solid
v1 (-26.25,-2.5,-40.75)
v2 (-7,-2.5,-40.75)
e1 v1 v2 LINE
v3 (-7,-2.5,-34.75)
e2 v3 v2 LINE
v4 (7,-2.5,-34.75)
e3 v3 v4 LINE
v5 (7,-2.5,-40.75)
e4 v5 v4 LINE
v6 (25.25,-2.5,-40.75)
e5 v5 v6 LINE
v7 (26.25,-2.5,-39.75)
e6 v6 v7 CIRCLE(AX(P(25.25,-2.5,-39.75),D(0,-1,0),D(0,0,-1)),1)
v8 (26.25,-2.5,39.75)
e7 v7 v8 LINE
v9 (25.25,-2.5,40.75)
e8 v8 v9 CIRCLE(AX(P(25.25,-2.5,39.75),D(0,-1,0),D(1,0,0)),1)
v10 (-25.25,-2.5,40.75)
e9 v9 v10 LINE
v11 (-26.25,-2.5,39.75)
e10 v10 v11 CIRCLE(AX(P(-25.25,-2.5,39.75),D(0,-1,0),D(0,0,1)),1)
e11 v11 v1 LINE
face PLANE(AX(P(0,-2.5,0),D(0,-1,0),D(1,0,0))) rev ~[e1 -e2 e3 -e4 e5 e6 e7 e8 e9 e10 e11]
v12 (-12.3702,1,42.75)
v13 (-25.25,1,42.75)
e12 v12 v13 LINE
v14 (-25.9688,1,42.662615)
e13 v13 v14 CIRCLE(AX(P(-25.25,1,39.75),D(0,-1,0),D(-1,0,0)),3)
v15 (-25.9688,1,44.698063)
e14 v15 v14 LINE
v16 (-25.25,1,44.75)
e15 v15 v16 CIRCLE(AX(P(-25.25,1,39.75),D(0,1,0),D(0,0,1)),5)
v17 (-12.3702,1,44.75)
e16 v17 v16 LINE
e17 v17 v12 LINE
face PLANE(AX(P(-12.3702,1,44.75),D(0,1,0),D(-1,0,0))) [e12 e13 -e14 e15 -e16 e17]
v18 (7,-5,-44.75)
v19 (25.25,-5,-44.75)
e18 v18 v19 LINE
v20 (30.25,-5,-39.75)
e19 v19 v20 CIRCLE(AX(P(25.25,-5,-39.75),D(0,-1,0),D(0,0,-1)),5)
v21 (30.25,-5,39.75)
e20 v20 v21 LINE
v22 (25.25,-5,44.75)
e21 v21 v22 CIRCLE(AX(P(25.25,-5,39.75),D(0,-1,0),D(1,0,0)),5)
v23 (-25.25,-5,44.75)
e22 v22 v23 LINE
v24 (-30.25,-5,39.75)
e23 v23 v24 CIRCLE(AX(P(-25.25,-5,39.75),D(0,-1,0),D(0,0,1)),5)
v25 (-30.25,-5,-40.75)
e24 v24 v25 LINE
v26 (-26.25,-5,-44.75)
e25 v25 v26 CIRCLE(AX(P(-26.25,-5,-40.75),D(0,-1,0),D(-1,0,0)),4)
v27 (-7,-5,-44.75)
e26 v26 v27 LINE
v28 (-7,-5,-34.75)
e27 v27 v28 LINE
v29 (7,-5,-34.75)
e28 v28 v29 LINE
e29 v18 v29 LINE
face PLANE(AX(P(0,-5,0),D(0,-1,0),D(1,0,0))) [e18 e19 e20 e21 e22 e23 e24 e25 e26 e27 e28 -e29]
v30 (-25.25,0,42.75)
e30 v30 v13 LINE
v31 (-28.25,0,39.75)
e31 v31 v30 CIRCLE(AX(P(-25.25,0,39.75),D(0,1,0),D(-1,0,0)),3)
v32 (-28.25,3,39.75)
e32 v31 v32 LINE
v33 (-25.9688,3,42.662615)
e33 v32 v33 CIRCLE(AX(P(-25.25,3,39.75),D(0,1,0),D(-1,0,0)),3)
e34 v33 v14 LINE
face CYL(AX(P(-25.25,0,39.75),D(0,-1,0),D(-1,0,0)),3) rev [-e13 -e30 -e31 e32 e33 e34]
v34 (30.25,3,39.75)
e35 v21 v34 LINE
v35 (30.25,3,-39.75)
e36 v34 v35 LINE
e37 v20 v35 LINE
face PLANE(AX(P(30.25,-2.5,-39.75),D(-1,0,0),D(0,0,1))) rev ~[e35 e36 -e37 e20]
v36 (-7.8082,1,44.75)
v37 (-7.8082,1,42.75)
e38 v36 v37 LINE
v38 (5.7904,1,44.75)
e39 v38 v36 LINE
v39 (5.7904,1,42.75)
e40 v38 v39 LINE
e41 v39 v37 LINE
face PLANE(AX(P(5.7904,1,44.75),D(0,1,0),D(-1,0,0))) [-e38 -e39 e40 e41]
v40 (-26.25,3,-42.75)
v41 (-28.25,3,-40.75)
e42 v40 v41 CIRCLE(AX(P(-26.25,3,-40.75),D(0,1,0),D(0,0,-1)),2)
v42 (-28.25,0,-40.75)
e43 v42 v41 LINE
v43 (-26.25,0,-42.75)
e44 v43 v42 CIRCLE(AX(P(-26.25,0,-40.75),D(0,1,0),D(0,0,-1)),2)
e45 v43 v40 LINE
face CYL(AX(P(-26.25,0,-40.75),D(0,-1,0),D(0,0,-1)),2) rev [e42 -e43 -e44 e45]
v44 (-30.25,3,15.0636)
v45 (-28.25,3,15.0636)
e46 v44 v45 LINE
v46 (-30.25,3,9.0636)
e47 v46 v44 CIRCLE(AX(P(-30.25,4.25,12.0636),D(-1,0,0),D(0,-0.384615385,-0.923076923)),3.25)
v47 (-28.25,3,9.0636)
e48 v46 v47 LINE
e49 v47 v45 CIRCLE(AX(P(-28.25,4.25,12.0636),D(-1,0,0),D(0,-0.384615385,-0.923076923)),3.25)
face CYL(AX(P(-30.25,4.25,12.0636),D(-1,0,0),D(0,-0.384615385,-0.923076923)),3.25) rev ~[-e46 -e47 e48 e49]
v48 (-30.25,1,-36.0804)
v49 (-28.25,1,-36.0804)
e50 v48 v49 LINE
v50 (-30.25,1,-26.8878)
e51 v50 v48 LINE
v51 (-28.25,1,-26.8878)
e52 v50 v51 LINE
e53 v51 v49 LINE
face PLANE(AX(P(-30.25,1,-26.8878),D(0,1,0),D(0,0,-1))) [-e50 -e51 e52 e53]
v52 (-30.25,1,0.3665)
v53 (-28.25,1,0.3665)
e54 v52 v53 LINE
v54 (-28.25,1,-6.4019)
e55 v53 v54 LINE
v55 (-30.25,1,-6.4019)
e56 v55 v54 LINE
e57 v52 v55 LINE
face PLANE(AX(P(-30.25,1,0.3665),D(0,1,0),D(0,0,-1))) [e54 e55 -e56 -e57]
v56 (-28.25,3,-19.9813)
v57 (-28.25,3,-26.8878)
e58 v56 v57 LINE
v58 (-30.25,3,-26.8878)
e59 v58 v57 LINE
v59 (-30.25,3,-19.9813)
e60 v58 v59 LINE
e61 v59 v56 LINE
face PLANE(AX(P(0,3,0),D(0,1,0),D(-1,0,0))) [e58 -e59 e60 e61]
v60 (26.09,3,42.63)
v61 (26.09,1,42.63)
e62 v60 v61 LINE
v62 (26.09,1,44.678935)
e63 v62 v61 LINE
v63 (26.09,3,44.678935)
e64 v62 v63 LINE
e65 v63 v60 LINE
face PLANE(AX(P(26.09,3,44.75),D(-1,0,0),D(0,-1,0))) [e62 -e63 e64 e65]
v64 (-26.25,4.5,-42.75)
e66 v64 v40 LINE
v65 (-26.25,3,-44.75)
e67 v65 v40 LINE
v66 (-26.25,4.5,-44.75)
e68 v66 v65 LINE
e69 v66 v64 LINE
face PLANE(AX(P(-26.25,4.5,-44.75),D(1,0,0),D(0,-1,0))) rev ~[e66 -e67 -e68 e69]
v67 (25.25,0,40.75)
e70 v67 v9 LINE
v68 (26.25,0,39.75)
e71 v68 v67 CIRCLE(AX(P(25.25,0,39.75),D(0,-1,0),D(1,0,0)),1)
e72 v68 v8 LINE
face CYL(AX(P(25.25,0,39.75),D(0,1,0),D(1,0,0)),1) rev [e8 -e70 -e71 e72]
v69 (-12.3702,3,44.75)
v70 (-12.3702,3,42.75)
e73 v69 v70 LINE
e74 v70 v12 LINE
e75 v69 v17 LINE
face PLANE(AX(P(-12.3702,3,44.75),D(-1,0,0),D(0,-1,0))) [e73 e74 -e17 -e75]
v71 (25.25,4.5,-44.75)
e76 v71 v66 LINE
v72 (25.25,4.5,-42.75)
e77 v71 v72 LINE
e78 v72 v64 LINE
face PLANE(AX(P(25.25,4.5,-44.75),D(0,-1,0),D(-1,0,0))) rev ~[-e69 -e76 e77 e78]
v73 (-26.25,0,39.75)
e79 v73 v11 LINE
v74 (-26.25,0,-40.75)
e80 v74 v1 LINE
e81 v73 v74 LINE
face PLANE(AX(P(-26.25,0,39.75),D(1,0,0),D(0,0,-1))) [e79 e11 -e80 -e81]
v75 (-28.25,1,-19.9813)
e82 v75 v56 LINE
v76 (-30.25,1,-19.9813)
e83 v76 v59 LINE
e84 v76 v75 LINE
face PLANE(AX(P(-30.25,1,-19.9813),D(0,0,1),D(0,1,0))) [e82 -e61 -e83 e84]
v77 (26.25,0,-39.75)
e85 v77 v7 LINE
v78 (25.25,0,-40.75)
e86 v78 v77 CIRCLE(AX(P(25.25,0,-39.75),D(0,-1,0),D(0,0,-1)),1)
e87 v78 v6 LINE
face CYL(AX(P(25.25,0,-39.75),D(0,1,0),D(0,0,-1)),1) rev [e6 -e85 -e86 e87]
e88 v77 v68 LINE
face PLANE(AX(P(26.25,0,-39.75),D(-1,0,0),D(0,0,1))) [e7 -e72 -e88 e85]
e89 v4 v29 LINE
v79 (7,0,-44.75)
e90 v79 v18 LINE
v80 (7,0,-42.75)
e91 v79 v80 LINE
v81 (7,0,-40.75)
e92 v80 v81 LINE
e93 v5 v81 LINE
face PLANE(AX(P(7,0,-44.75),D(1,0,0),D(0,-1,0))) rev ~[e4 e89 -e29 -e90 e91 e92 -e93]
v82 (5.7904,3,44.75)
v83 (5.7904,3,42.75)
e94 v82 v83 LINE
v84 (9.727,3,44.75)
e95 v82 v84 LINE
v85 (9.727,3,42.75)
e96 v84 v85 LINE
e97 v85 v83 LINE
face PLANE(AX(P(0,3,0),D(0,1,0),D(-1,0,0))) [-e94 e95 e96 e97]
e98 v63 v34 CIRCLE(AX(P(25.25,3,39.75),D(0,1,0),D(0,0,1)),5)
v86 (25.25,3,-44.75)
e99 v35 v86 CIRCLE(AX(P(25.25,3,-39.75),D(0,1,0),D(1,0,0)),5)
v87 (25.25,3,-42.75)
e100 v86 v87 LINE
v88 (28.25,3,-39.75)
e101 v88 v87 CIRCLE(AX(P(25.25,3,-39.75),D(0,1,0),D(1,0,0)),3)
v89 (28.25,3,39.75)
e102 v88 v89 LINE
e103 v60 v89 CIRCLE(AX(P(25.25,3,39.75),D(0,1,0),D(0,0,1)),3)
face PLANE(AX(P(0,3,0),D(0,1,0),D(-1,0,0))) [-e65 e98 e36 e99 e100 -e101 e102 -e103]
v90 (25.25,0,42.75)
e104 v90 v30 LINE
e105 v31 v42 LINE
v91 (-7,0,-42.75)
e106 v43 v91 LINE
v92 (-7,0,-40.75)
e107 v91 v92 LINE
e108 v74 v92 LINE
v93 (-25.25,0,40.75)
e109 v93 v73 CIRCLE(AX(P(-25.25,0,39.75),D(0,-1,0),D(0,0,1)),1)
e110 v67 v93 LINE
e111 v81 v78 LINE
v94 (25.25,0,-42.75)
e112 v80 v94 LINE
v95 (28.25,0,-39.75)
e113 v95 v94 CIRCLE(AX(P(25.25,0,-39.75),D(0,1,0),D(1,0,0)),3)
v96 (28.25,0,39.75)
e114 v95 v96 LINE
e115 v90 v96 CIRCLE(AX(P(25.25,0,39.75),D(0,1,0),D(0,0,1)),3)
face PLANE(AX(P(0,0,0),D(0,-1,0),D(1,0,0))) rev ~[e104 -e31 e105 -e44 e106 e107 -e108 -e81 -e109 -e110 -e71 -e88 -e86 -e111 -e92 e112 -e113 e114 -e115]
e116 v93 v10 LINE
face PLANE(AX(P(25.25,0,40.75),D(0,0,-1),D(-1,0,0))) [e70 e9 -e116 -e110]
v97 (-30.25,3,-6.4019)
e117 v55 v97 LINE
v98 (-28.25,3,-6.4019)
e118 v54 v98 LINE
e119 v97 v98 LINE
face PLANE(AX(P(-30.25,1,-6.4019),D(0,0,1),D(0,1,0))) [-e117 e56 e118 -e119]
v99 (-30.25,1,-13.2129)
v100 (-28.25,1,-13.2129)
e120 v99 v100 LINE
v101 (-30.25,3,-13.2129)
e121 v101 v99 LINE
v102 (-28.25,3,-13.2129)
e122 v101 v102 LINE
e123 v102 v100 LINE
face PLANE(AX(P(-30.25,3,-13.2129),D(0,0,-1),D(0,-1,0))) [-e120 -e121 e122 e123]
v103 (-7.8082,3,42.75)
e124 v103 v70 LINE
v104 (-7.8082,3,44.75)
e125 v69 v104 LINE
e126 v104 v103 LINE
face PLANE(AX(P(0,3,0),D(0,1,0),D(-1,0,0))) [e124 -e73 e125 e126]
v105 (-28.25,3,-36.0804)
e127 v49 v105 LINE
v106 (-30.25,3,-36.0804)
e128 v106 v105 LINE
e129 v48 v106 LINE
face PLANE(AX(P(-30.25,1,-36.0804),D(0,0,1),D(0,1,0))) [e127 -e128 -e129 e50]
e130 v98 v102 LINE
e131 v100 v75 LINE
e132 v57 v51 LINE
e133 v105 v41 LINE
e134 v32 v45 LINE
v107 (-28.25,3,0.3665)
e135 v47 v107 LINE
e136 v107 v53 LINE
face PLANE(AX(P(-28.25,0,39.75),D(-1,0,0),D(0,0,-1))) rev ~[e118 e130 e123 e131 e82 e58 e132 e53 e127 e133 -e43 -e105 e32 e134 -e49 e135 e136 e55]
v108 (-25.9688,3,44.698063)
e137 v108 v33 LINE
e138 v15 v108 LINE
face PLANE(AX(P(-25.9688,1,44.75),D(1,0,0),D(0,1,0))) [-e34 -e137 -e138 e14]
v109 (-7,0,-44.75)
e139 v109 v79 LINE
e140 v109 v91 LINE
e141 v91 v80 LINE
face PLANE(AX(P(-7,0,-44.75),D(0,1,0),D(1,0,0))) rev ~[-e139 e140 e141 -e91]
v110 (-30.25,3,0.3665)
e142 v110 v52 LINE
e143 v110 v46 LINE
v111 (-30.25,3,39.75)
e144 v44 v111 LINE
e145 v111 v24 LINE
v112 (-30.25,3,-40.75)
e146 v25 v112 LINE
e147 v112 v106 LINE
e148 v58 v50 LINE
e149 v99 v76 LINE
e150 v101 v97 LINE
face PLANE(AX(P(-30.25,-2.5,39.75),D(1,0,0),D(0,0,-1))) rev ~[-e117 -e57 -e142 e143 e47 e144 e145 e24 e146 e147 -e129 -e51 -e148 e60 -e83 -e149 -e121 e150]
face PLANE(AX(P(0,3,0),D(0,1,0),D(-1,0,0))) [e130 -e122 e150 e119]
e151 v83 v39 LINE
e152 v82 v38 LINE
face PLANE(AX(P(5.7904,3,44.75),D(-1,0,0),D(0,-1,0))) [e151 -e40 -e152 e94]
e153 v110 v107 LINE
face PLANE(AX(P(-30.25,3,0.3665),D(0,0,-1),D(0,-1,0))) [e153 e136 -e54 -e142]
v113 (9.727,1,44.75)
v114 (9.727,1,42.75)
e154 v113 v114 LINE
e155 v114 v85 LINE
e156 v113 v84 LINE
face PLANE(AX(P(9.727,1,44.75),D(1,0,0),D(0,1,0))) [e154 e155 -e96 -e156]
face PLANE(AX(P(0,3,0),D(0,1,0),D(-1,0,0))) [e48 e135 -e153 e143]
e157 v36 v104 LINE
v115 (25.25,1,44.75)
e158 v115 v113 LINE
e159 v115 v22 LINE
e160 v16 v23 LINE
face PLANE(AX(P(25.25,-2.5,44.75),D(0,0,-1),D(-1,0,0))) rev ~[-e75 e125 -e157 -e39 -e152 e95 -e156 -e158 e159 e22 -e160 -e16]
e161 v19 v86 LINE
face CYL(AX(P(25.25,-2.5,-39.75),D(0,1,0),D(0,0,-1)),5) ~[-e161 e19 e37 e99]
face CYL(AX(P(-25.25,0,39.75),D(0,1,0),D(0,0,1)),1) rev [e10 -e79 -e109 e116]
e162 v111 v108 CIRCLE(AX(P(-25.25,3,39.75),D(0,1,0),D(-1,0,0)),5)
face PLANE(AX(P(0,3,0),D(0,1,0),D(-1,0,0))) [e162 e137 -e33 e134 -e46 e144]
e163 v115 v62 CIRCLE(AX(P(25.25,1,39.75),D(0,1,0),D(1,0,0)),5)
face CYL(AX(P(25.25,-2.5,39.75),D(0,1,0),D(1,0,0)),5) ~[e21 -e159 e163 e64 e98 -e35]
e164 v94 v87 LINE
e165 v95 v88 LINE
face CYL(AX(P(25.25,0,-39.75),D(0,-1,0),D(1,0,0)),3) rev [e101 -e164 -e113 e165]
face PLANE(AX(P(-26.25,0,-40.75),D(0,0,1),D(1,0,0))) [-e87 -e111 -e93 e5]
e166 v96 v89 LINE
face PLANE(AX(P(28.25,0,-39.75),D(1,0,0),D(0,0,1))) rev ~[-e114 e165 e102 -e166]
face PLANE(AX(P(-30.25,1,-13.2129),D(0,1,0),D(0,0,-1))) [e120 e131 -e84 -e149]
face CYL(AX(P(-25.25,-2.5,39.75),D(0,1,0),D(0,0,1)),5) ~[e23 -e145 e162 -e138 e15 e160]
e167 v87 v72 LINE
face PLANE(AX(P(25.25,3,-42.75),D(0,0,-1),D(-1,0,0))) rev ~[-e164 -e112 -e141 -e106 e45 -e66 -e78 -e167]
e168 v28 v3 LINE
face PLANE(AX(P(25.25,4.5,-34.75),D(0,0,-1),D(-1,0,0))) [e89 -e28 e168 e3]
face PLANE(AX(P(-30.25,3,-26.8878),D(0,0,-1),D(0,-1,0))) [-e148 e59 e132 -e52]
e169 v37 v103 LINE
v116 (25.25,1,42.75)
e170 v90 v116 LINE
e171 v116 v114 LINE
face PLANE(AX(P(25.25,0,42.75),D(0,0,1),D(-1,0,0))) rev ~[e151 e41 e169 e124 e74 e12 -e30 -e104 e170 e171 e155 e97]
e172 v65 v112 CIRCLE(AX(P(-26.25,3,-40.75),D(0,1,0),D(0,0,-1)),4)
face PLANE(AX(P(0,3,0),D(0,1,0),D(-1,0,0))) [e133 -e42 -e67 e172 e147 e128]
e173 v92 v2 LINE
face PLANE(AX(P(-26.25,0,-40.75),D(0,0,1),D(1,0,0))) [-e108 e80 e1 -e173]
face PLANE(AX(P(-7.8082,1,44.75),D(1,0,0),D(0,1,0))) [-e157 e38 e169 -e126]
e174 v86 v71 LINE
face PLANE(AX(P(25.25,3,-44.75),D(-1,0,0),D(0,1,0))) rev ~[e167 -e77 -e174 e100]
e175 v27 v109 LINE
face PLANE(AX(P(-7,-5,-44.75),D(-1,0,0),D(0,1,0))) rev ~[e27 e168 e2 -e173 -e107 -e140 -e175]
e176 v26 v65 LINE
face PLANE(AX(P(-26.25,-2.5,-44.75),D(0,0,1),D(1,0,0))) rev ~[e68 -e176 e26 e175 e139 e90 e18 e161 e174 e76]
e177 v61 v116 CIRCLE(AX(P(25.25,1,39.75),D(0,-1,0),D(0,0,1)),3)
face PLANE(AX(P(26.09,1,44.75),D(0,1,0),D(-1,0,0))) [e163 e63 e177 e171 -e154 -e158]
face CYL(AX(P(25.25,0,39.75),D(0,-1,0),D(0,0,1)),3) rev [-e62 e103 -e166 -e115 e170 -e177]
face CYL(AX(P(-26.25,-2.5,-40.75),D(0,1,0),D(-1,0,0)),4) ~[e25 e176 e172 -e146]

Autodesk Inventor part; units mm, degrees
ref_plane "YZ Plane" through (0, 0, 0) normal (1, 0, 0) x (0, 1, 0)
ref_plane "XZ Plane" through (0, 0, 0) normal (0, 1, 0) x (-1, 0, 0)
ref_plane "XY Plane" through (0, 0, 0) normal (0, 0, 1) x (1, 0, 0)
sketch "Sketch1" plane through (0, 0, 0) normal (0, 1, 0) x (-1, 0, 0)
  line L0 (-25.25, 42.75) -> (25.25, 42.75)
  line L1 (28.25, 39.75) -> (28.25, -40.75)
  line L2 (26.25, -42.75) -> (-25.25, -42.75)
  line L3 (-28.25, -39.75) -> (-28.25, 39.75)
  line L4 (-28.25, 42.75) -> (28.25, -42.75) construction
  line L5 (28.25, 42.75) -> (-28.25, -42.75) construction
  arc A0 (26.25, -42.75) -> (28.25, -40.75) centre (26.25, -40.75) ccw
  arc A1 (-28.25, -39.75) -> (-25.25, -42.75) centre (-25.25, -39.75) ccw
  arc A2 (-25.25, 42.75) -> (-28.25, 39.75) centre (-25.25, 39.75) ccw
  arc A3 (28.25, 39.75) -> (25.25, 42.75) centre (25.25, 39.75) ccw
  line L6 (30.25, -40.75) -> (30.25, 39.75)
  arc A4 (30.25, 39.75) -> (25.25, 44.75) centre (25.25, 39.75) ccw
  line L7 (25.25, 44.75) -> (-25.25, 44.75)
  arc A5 (-25.25, 44.75) -> (-30.25, 39.75) centre (-25.25, 39.75) ccw
  line L8 (-30.25, 39.75) -> (-30.25, -39.75)
  arc A6 (-30.25, -39.75) -> (-25.25, -44.75) centre (-25.25, -39.75) ccw
  line L9 (-25.25, -44.75) -> (26.25, -44.75)
  arc A7 (26.25, -44.75) -> (30.25, -40.75) centre (26.25, -40.75) ccw
  point P0 (0, 0)
  dimension "d0" = 56.5
  dimension "d1" = 85.5
  dimension "d2" = 2
  dimension "d3" = 3
  dimension "d4" = 2
extrude "Extrusion1" add sketch "Sketch1" along normal blind 3
sketch "Sketch2" plane through (0, 0, 0) normal (0, -1, 0) x (1, 0, 0)
  arc A0 (-25.25, 44.75) -> (-30.25, 39.75) centre (-25.25, 39.75) ccw projected
  line L0 (-25.25, 44.75) -> (25.25, 44.75) projected
  arc A1 (30.25, 39.75) -> (25.25, 44.75) centre (25.25, 39.75) ccw projected
  line L1 (30.25, 39.75) -> (30.25, -39.75) projected
  arc A2 (25.25, -44.75) -> (30.25, -39.75) centre (25.25, -39.75) ccw projected
  line L2 (25.25, -44.75) -> (-26.25, -44.75) projected
  arc A3 (-30.25, -40.75) -> (-26.25, -44.75) centre (-26.25, -40.75) ccw projected
  line L3 (-30.25, -40.75) -> (-30.25, 39.75) projected
  line L4 (-26.25, -44.75) -> (25.25, -44.75)
  line L5 (30.25, -39.75) -> (30.25, 39.75)
  line L6 (25.25, 44.75) -> (-25.25, 44.75)
  line L7 (-30.25, 39.75) -> (-30.25, -40.75)
  line L8 (-30, -44.5) -> (30, 44.5) construction
  line L9 (30, -44.5) -> (-30, 44.5) construction
  arc A4 (-25.25, 44.75) -> (-30.25, 39.75) centre (-25.25, 39.75) ccw
  arc A5 (30.25, 39.75) -> (25.25, 44.75) centre (25.25, 39.75) ccw
  arc A6 (25.25, -42.75) -> (28.25, -39.75) centre (25.25, -39.75) ccw projected
  arc A7 (25.25, -44.75) -> (30.25, -39.75) centre (25.25, -39.75) ccw
  arc A8 (-30.25, -40.75) -> (-26.25, -44.75) centre (-26.25, -40.75) ccw
  line L10 (25.25, 40.75) -> (-25.25, 40.75)
  arc A9 (-25.25, 40.75) -> (-26.25, 39.75) centre (-25.25, 39.75) ccw
  line L11 (-26.25, 39.75) -> (-26.25, -40.75)
  line L12 (-26.25, -40.75) -> (25.25, -40.75)
  arc A10 (25.25, -40.75) -> (26.25, -39.75) centre (25.25, -39.75) ccw
  line L13 (26.25, -39.75) -> (26.25, 39.75)
  arc A11 (26.25, 39.75) -> (25.25, 40.75) centre (25.25, 39.75) ccw
  point P0 (0, 0)
  point P1 (-26.25, -40.75)
  dimension "d12" = 4
extrude "Extrusion2" add sketch "Sketch2" along normal blind 2.5
sketch "Sketch3" plane through (25.25, 3, -44.75) normal (0, 0, -1) x (-1, 0, 0)
  line L0 (51.5, -5.5) -> (51.5, 0) projected
  line L1 (51.5, 0) -> (0, 0)
  line L2 (0, 0) -> (0, 1.5)
  line L3 (0, 1.5) -> (51.5, 1.5)
  line L4 (51.5, 1.5) -> (51.5, 0)
  point P0 (25.25, -3)
  dimension "d9" = 1.5
extrude "Extrusion3" add sketch "Sketch3" against normal blind 2
sketch "Sketch4" plane through (0, -2.5, 0) normal (0, -1, 0) x (1, 0, 0)
  line L0 (25.25, 44.75) -> (-25.25, 44.75)
  line L1 (-30.25, 39.75) -> (-30.25, -40.75)
  line L2 (-26.25, -44.75) -> (25.25, -44.75)
  line L3 (30.25, -39.75) -> (30.25, 39.75)
  line L4 (30, 44.5) -> (-30, -44.5) construction
  line L5 (-30, 44.5) -> (30, -44.5) construction
  line L6 (-26.25, -44.75) -> (25.25, -44.75) projected
  line L7 (-30.25, 39.75) -> (-30.25, -40.75) projected
  arc A0 (25.25, -44.75) -> (30.25, -39.75) centre (25.25, -39.75) ccw projected
  arc A1 (-30.25, -40.75) -> (-26.25, -44.75) centre (-26.25, -40.75) ccw projected
  arc A2 (-25.25, 44.75) -> (-30.25, 39.75) centre (-25.25, 39.75) ccw projected
  arc A3 (30.25, 39.75) -> (25.25, 44.75) centre (25.25, 39.75) ccw projected
  arc A4 (25.25, -44.75) -> (30.25, -39.75) centre (25.25, -39.75) ccw
  line L8 (25.25, -40.75) -> (-26.25, -40.75) projected
  arc A5 (-30.25, -40.75) -> (-26.25, -44.75) centre (-26.25, -40.75) ccw
  arc A6 (-25.25, 44.75) -> (-30.25, 39.75) centre (-25.25, 39.75) ccw
  arc A7 (30.25, 39.75) -> (25.25, 44.75) centre (25.25, 39.75) ccw
  line L9 (25.25, 44.75) -> (-25.25, 44.75) projected
  point P0 (0, 0)
  point P1 (-30.25, 39.75)
  point P2 (-30.25, -40.75)
  point P3 (25.25, -44.75)
extrude "Extrusion4" add sketch "Sketch4" along normal blind 2.5
sketch "Sketch5" plane through (25.25, 4.5, -44.75) normal (0, 0, -1) x (-1, 0, 0)
  line L0 (51.5, -9.5) -> (0, -9.5) projected
  line L1 (18.25, -9.5) -> (32.25, -9.5)
  line L2 (32.25, -9.5) -> (32.25, -4.5)
  line L3 (32.25, -4.5) -> (18.25, -4.5)
  line L4 (18.25, -4.5) -> (18.25, -9.5)
  line L5 (18.25, -9.5) -> (32.25, -4.5) construction
  line L6 (32.25, -9.5) -> (18.25, -4.5) construction
  point P0 (25.25, -4.5)
  point P1 (25.25, -7)
  dimension "d16" = 14
  dimension "d17" = 0
  dimension "d18" = 5
extrude "Extrusion5" cut sketch "Sketch5" against normal blind 10
sketch "Sketch6" plane through (-30.25, 3, -40.75) normal (-1, 0, 0) x (0, 0, 1)
  line L0 (1, 0) -> (80.5, 0) projected
  line L1 (4.6696, 0) -> (13.8622, 0)
  line L2 (13.8622, 0) -> (13.8622, -2)
  line L3 (13.8622, -2) -> (4.6696, -2)
  line L4 (4.6696, -2) -> (4.6696, 0)
  line L5 (20.7687, 0) -> (27.5371, 0)
  line L6 (27.5371, 0) -> (27.5371, -2)
  line L7 (27.5371, -2) -> (20.7687, -2)
  line L8 (20.7687, -2) -> (20.7687, 0)
  line L9 (34.3481, 0) -> (41.1165, 0)
  line L10 (41.1165, 0) -> (41.1165, -2)
  line L11 (41.1165, -2) -> (34.3481, -2)
  line L12 (34.3481, -2) -> (34.3481, 0)
  arc A0 (49.8136, 0) -> (55.8136, 0) centre (52.8136, 1.25) ccw
  line L13 (-2, 1.5) -> (-2, 0) projected
  line L14 (80.5, -8) -> (0, -8) projected
  line L15 (49.8136, 0) -> (55.8136, 0)
  point P0 (40.75, -3)
  dimension "d21" = 6.6696
  dimension "d22" = 9.1926
  dimension "d23" = 22.7687
  dimension "d25" = 6.7684
  dimension "d26" = 6.7684
  dimension "d27" = 36.3481
  dimension "d28" = 51.8136
  dimension "d29" = 6
  dimension "d30" = 2
extrude "Extrusion6" cut sketch "Sketch6" against normal up to surface (2 mm away)
sketch "Sketch7" plane through (-25.25, 3, 44.75) normal (0, 0, 1) x (1, 0, 0)
  line L0 (50.5, 0) -> (0, 0) projected
  line L1 (-0.7188, 0) -> (12.8798, 0)
  line L2 (12.8798, 0) -> (12.8798, -2)
  line L3 (12.8798, -2) -> (-0.7188, -2)
  line L4 (-0.7188, -2) -> (-0.7188, 0)
  line L5 (17.4418, 0) -> (31.0404, 0)
  line L6 (31.0404, 0) -> (31.0404, -2)
  line L7 (31.0404, -2) -> (17.4418, -2)
  line L8 (17.4418, -2) -> (17.4418, 0)
  line L9 (34.977, 0) -> (51.34, 0)
  line L10 (51.34, 0) -> (51.34, -2)
  line L11 (51.34, -2) -> (34.977, -2)
  line L12 (34.977, -2) -> (34.977, 0)
  line L13 (-3, -3) -> (-3, 0) projected
  point P0 (25.25, -3)
  dimension "d33" = 2
  dimension "d34" = 2.2812
  dimension "d35" = 13.5986
  dimension "d36" = 20.4418
  dimension "d37" = 13.5986
  dimension "d38" = 37.977
  dimension "d39" = 16.363
extrude "Extrusion7" cut sketch "Sketch7" against normal blind 5
properties part number "piholder-v2"
